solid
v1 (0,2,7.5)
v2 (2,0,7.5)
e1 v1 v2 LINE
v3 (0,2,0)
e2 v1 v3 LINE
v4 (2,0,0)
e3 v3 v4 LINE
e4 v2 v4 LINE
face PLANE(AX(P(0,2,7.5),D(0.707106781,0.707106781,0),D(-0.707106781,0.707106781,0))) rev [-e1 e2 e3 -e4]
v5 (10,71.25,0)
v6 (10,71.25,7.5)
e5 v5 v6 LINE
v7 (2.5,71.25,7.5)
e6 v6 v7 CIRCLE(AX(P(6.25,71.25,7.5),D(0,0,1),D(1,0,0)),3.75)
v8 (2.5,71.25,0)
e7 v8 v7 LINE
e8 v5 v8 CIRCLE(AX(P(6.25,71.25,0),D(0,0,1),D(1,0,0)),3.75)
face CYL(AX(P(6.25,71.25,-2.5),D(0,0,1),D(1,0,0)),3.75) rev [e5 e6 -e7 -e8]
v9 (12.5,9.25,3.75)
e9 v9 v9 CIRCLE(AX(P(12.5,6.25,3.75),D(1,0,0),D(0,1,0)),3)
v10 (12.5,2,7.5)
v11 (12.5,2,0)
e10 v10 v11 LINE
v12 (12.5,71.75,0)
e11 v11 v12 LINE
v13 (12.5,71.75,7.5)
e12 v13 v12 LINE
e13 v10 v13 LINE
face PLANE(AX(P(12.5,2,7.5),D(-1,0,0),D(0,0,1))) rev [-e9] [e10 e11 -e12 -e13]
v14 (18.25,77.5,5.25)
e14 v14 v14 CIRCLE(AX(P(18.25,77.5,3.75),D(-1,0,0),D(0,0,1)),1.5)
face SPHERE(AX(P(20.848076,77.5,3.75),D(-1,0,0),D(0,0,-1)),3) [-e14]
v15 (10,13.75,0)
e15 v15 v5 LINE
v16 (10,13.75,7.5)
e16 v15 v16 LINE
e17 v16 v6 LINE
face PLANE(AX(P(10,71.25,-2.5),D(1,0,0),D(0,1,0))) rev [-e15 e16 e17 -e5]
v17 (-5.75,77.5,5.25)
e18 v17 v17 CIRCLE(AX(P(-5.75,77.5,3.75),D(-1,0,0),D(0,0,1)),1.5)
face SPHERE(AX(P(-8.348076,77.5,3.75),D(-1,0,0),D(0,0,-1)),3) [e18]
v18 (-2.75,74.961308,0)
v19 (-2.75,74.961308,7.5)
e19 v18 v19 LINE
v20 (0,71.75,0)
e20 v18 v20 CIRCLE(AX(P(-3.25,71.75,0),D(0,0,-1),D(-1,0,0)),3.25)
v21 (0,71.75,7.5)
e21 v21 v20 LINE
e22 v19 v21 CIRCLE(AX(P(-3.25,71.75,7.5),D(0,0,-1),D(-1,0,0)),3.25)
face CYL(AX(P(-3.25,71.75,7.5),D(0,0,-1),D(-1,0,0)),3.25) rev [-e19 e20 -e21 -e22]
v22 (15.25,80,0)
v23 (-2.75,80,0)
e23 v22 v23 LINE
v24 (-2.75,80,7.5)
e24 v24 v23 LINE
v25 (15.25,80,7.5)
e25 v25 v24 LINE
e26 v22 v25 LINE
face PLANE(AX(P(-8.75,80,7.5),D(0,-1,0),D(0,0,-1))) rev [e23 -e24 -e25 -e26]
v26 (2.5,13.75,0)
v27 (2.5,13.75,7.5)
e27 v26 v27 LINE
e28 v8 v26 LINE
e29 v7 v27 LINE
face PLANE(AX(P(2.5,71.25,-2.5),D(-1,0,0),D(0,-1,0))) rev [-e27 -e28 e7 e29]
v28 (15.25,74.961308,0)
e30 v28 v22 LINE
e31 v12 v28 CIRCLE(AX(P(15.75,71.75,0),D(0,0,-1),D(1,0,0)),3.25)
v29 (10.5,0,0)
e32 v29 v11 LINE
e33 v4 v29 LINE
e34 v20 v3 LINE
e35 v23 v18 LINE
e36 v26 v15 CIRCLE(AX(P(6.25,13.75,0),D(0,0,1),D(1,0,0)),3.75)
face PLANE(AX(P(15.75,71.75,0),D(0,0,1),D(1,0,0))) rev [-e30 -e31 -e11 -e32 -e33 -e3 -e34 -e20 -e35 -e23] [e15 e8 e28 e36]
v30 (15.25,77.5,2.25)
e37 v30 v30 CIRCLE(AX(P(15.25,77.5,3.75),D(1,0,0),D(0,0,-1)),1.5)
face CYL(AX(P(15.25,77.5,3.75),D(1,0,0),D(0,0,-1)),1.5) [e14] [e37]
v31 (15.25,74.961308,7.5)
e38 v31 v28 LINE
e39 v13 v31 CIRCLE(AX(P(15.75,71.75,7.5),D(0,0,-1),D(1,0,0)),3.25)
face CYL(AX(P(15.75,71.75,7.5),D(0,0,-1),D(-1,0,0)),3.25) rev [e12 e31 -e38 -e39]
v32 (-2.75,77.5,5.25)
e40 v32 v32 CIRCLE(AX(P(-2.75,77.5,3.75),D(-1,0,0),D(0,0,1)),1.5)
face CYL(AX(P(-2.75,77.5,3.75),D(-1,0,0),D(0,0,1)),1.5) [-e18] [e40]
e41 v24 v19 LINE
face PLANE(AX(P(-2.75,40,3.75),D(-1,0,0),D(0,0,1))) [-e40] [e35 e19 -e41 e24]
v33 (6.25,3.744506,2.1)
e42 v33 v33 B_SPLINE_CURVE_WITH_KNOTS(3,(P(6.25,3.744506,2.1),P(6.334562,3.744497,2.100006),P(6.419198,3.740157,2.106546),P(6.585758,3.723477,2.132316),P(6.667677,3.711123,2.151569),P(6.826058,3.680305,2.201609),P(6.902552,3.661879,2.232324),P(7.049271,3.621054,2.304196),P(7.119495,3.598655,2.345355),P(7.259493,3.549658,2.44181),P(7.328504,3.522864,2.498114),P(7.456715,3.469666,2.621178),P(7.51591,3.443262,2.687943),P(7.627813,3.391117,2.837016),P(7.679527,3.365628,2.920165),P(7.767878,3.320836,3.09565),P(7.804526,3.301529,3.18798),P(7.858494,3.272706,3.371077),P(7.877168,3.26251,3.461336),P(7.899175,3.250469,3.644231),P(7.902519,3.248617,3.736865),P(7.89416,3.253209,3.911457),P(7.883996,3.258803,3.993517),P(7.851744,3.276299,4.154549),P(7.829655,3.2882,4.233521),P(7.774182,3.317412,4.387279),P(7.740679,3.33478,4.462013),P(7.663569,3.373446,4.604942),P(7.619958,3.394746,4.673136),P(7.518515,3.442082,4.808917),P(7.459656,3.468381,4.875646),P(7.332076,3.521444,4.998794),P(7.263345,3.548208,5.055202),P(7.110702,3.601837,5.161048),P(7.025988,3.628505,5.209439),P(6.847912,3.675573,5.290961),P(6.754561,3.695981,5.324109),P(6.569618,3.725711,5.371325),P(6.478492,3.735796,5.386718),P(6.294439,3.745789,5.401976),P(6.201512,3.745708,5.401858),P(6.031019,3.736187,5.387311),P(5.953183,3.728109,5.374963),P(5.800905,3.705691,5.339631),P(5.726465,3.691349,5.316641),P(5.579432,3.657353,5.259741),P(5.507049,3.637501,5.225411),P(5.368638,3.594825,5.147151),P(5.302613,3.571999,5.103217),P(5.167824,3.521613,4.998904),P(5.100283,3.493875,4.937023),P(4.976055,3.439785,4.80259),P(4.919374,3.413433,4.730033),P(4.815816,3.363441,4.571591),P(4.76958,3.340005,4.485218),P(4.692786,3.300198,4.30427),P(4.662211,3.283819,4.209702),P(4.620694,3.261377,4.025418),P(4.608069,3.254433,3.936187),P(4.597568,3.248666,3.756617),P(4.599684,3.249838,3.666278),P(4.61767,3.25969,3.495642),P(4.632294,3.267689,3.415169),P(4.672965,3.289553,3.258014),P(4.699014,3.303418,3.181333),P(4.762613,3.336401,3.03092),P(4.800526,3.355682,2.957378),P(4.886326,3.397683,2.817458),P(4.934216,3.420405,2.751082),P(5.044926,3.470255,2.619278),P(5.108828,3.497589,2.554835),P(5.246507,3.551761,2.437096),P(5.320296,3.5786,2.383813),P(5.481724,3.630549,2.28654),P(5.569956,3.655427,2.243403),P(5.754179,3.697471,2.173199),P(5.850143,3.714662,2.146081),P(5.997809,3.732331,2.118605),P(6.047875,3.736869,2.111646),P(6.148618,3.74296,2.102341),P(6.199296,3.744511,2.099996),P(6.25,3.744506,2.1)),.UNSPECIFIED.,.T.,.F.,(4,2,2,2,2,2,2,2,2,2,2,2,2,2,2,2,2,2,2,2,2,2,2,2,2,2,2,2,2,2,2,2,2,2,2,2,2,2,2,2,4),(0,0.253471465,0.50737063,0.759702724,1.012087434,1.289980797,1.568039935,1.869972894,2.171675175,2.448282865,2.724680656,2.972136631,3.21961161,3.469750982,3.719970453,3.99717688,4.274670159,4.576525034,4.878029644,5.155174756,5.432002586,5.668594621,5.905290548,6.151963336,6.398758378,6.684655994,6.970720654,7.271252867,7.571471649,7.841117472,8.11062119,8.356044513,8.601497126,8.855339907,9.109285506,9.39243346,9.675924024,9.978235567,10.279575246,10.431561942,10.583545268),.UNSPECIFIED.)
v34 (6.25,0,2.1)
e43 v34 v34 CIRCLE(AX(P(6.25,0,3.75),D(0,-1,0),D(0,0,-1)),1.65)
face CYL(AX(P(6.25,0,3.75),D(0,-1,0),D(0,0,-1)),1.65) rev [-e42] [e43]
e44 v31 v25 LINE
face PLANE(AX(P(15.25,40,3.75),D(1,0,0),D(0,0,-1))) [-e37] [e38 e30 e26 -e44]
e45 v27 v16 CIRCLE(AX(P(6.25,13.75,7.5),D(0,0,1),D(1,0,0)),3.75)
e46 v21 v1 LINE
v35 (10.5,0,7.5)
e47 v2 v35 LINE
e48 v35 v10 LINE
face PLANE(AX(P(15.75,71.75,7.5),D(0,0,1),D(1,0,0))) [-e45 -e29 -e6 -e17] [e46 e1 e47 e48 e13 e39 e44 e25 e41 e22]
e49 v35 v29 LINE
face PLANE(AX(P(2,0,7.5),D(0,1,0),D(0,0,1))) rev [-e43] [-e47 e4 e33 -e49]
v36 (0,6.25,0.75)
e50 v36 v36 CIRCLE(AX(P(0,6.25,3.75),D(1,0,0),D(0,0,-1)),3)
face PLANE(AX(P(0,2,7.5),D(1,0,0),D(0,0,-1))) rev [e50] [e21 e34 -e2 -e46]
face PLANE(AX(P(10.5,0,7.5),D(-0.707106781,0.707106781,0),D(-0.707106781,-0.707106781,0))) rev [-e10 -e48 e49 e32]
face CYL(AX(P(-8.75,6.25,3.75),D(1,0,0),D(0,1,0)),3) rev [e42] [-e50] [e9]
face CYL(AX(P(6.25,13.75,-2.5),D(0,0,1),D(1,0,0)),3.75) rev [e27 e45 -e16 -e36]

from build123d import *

# Parameters (mm, degrees)
AUFSATZ_LINEAR_AUSTRAGEN1_DEPTH = 7.5
SCHNITT_LINEAR_AUSTRAGEN1_DEPTH = 10
SKIZZE7_R                       = 3
SCHNITT_LINEAR_AUSTRAGEN4_DEPTH = 84.113251049
M4_GEWINDEBOHRUNG1_D            = 3.3
M4_GEWINDEBOHRUNG1_DEPTH        = 7.5
M4_GEWINDEBOHRUNG1_TIP          = 0.991420021
SKIZZE9_OUTSIDE_W               = 26.654
SKIZZE9_OUTSIDE_H               = 99.154
SKIZZE9_OUTSIDE_R               = 1.5
SCHNITT_LINEAR_AUSTRAGEN5_DEPTH = 6
SKIZZE10_OUTSIDE_W              = 26.654
SKIZZE10_OUTSIDE_H              = 99.154
SKIZZE10_OUTSIDE_R              = 1.5
SCHNITT_LINEAR_AUSTRAGEN6_DEPTH = 6


with BuildPart() as part:
    # Skizze1 → Aufsatz-Linear austragen1 (new body)
    with BuildSketch(Plane.XY):
        with BuildLine():
            Line((-8.75, 75), (-3.25, 75))
            ThreePointArc((-3.25, 75), (-0.951902961, 74.048097039), (0, 71.75))
            Line((0, 71.75), (0, 2))
            Line((0, 2), (2, 0))
            Line((2, 0), (10.5, 0))
            Line((10.5, 0), (12.5, 2))
            Line((12.5, 2), (12.5, 71.75))
            ThreePointArc((12.5, 71.75), (13.451902961, 74.048097039), (15.75, 75))
            Line((15.75, 75), (21.25, 75))
            Line((21.25, 75), (21.25, 80))
            Line((21.25, 80), (-8.75, 80))
            Line((-8.75, 80), (-8.75, 75))
        make_face()
    extrude(amount=AUFSATZ_LINEAR_AUSTRAGEN1_DEPTH)

    # Skizze2 → Schnitt-Linear austragen1 (cut)
    with BuildSketch(Plane.XY.offset(7.5)):
        with BuildLine():
            Line((10, 71.25), (10, 13.75))
            ThreePointArc((10, 13.75), (6.25, 10), (2.5, 13.75))
            Line((2.5, 13.75), (2.5, 71.25))
            ThreePointArc((2.5, 71.25), (6.25, 75), (10, 71.25))
        make_face()
    extrude(amount=-SCHNITT_LINEAR_AUSTRAGEN1_DEPTH, mode=Mode.SUBTRACT)

    # Skizze7 → Schnitt-Linear austragen4 (cut, through all)
    with BuildSketch(Plane(origin=(12.5, 0, 0), x_dir=(0, 0, -1), z_dir=(1, 0, 0))):
        with Locations(Location((-3.75, 6.25, 0), (0, 0, 90))):
            Circle(SKIZZE7_R)
    extrude(amount=-SCHNITT_LINEAR_AUSTRAGEN4_DEPTH, mode=Mode.SUBTRACT)

    # M4 Gewindebohrung1
    with Locations(Plane(origin=(6.25, 0, 3.75), x_dir=(0, 0, -1), z_dir=(0, -1, 0))):
        with Locations((0, 0)):
            Hole(M4_GEWINDEBOHRUNG1_D / 2, depth=M4_GEWINDEBOHRUNG1_DEPTH)
            with Locations((0, 0, -(M4_GEWINDEBOHRUNG1_DEPTH + M4_GEWINDEBOHRUNG1_TIP / 2))):  # 118° drill point
                Cone(0, M4_GEWINDEBOHRUNG1_D / 2, M4_GEWINDEBOHRUNG1_TIP, mode=Mode.SUBTRACT)

    # Skizze9 outside → Schnitt-Linear austragen5 (cut)
    with BuildSketch(Plane(origin=(21.25, 0, 0), x_dir=(0, 0, -1), z_dir=(1, 0, 0))):
        with Locations((-3.75, 40)):
            Rectangle(SKIZZE9_OUTSIDE_W, SKIZZE9_OUTSIDE_H)
        with Locations((-3.75, 77.5)):
            Circle(SKIZZE9_OUTSIDE_R, mode=Mode.SUBTRACT)
    extrude(amount=-SCHNITT_LINEAR_AUSTRAGEN5_DEPTH, mode=Mode.SUBTRACT)

    # Skizze10 outside → Schnitt-Linear austragen6 (cut)
    with BuildSketch(Plane.ZY.offset(8.75)):
        with Locations((3.75, 40)):
            Rectangle(SKIZZE10_OUTSIDE_W, SKIZZE10_OUTSIDE_H)
        with Locations(Location((3.75, 77.5, 0), (0, 0, 180))):
            Circle(SKIZZE10_OUTSIDE_R, mode=Mode.SUBTRACT)
    extrude(amount=-SCHNITT_LINEAR_AUSTRAGEN6_DEPTH, mode=Mode.SUBTRACT)

    # Skizze11 → Rotation2 (revolve)
    with BuildSketch(Plane(origin=(0, 77.5, 0), x_dir=(1, 0, 0), z_dir=(0, 1, 0))):
        with BuildLine():
            Line((18.25, -2.25), (18.25, -3.75))
            Line((18.25, -3.75), (23.848076211, -3.75))
            ThreePointArc((23.848076211, -3.75), (21.624533347, -0.852222521), (18.25, -2.25))
        make_face()
        with BuildLine():
            Line((-5.75, -2.25), (-5.75, -3.75))
            Line((-5.75, -3.75), (-11.348076211, -3.75))
            ThreePointArc((-11.348076211, -3.75), (-9.124533347, -0.852222521), (-5.75, -2.25))
        make_face()
    revolve(axis=Axis((-8.75, 77.5, 3.75), (1, 0, 0)))


solid = part.part
